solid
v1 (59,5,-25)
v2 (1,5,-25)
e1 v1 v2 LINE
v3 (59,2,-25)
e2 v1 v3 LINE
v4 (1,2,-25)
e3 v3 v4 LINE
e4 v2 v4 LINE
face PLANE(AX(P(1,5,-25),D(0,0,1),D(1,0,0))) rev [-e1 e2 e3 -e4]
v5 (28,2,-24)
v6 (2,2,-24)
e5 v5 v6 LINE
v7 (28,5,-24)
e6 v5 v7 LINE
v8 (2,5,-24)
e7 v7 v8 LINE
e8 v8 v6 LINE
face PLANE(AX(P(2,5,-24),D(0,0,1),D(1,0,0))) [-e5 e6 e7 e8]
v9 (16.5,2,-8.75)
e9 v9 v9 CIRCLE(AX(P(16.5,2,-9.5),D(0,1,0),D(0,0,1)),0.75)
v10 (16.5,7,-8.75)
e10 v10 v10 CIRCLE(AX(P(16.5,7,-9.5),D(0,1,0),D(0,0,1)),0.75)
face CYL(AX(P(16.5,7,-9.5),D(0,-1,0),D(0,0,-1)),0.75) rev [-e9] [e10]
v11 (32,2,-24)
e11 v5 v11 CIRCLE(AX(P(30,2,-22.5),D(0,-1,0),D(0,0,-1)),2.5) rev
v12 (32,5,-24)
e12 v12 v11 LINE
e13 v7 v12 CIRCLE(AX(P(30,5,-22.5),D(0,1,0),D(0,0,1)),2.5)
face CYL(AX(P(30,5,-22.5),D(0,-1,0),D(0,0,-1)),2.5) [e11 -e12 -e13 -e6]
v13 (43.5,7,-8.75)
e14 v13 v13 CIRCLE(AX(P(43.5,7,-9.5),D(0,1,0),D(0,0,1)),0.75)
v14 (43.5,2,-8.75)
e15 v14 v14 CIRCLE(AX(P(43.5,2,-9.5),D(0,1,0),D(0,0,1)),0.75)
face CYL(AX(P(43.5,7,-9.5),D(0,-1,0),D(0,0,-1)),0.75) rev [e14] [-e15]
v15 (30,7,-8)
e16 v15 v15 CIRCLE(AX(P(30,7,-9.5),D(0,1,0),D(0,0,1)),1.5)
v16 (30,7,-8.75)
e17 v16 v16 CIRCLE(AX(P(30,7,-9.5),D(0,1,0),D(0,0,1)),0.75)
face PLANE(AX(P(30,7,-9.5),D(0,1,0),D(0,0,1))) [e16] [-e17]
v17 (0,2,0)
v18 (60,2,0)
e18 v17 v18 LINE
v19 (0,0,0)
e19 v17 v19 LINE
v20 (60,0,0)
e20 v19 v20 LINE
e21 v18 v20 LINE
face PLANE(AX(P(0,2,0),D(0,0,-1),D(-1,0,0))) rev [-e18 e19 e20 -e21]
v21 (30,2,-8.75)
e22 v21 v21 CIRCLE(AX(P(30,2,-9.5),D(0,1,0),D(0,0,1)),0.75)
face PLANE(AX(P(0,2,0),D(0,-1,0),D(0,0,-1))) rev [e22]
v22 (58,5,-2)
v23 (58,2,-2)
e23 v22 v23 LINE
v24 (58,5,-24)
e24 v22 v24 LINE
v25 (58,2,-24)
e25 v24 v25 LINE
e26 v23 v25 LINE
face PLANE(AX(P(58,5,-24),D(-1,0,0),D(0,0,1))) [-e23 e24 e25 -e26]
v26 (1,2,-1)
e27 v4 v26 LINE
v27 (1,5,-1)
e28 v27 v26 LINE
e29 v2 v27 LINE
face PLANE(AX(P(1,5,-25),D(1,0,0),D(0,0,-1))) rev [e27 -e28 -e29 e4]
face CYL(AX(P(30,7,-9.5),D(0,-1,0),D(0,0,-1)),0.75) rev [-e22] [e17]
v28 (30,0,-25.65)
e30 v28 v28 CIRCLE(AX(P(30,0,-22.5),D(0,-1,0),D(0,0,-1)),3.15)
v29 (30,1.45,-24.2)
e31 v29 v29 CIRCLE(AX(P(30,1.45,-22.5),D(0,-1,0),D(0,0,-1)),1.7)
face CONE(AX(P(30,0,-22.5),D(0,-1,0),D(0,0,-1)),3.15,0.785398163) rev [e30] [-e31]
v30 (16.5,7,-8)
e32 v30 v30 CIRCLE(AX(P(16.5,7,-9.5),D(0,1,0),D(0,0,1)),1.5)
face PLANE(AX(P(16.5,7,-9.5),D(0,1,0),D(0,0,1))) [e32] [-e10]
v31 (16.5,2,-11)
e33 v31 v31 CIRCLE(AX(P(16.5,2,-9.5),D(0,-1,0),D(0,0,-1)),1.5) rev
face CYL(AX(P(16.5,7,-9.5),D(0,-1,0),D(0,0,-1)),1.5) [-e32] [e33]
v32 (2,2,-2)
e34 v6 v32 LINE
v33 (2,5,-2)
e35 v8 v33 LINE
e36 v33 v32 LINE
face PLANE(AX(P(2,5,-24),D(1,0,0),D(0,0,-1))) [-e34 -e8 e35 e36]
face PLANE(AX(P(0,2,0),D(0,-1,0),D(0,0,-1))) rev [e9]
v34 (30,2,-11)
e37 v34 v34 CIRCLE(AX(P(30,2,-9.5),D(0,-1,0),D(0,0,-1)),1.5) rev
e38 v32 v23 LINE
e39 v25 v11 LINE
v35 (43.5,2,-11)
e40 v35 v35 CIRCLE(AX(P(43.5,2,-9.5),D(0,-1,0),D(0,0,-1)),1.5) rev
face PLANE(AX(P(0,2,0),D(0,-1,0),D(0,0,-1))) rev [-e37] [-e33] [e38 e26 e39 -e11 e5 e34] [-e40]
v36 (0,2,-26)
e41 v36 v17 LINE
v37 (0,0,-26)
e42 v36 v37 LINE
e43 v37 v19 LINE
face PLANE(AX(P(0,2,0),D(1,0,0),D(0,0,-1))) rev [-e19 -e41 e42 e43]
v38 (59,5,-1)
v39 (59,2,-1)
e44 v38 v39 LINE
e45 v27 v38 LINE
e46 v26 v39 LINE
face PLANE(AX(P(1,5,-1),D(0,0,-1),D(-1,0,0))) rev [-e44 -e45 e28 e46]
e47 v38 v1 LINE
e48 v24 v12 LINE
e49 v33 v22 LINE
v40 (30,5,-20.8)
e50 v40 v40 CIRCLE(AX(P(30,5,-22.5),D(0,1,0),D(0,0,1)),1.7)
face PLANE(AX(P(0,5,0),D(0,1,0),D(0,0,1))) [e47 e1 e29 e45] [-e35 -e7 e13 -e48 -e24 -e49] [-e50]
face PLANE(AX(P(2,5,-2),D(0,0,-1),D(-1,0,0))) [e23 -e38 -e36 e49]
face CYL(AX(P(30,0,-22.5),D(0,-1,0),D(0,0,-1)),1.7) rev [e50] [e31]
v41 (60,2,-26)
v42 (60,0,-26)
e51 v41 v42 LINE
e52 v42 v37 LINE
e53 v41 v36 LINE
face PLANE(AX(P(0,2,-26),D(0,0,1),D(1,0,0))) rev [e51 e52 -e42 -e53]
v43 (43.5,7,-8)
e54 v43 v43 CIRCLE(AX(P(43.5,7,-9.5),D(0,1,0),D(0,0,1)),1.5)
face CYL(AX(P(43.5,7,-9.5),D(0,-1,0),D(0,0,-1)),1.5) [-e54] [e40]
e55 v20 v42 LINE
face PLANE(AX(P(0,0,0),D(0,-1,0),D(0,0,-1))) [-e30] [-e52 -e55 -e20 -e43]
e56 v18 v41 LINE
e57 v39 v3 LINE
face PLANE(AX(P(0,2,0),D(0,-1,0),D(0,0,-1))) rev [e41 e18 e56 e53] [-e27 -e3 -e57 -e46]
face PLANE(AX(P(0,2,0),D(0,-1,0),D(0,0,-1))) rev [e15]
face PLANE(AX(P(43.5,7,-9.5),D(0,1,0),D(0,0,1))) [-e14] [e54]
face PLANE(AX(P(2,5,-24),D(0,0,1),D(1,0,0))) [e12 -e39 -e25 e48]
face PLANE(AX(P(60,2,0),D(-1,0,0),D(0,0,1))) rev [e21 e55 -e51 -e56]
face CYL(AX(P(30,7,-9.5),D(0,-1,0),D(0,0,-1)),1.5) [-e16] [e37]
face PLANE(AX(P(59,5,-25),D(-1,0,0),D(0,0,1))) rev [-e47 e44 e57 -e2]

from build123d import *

# Parameters (mm, degrees)
SKETCH1_W                                       = 60
SKETCH1_H                                       = 26
BOSS_EXTRUDE1_DEPTH                             = 2
SKETCH2_W                                       = 58
SKETCH2_H                                       = 24
SKETCH2_W_2                                     = 56
SKETCH2_H_2                                     = 22
BOSS_EXTRUDE2_DEPTH                             = 3
SKETCH3_R                                       = 1.5
SKETCH3_R_2                                     = 0.75
BOSS_EXTRUDE3_DEPTH                             = 5
SKETCH6_R                                       = 2.5
BOSS_EXTRUDE4_DEPTH                             = 3
CSK_FOR_M3_FLAT_HEAD_MACHINE_SCREW1_D           = 3.4
CSK_FOR_M3_FLAT_HEAD_MACHINE_SCREW1_CSINK_D     = 6.3
CSK_FOR_M3_FLAT_HEAD_MACHINE_SCREW1_CSINK_ANGLE = 90


with BuildPart() as part:
    # Sketch1 → Boss-Extrude1 (new body)
    with BuildSketch(Plane(origin=(0, 0, 0), x_dir=(1, 0, 0), z_dir=(0, 1, 0))):
        with Locations((30, 13)):
            Rectangle(SKETCH1_W, SKETCH1_H)
    extrude(amount=BOSS_EXTRUDE1_DEPTH)

    # Sketch2 → Boss-Extrude2 (add)
    with BuildSketch(Plane(origin=(0, 2, 0), x_dir=(1, 0, 0), z_dir=(0, 1, 0))):
        with Locations((30, 13)):
            Rectangle(SKETCH2_W, SKETCH2_H)
        with Locations((30, 13)):
            Rectangle(SKETCH2_W_2, SKETCH2_H_2, mode=Mode.SUBTRACT)
    extrude(amount=BOSS_EXTRUDE2_DEPTH)

    # Sketch3 → Boss-Extrude3 (add)
    # profile 1 of 3: a face of its own
    with BuildSketch(Plane(origin=(0, 2, 0), x_dir=(1, 0, 0), z_dir=(0, 1, 0))):
        with Locations(Location((16.5, 9.5, 0), (0, 0, 90))):
            Circle(SKETCH3_R)
        with Locations(Location((16.5, 9.5, 0), (0, 0, 270))):
            Circle(SKETCH3_R_2, mode=Mode.SUBTRACT)
    # profile 2 of 3: a face of its own
    with BuildSketch(Plane(origin=(0, 2, 0), x_dir=(1, 0, 0), z_dir=(0, 1, 0))):
        with Locations(Location((30, 9.5, 0), (0, 0, 90))):
            Circle(SKETCH3_R)
        with Locations(Location((30, 9.5, 0), (0, 0, 270))):
            Circle(SKETCH3_R_2, mode=Mode.SUBTRACT)
    # profile 3 of 3: a face of its own
    with BuildSketch(Plane(origin=(0, 2, 0), x_dir=(1, 0, 0), z_dir=(0, 1, 0))):
        with Locations(Location((43.5, 9.5, 0), (0, 0, 90))):
            Circle(SKETCH3_R)
        with Locations(Location((43.5, 9.5, 0), (0, 0, 270))):
            Circle(SKETCH3_R_2, mode=Mode.SUBTRACT)
    extrude(amount=BOSS_EXTRUDE3_DEPTH)

    # Sketch6 → Boss-Extrude4 (add)
    with BuildSketch(Plane(origin=(0, 2, 0), x_dir=(1, 0, 0), z_dir=(0, 1, 0))):
        with Locations((30, 22.5)):
            Circle(SKETCH6_R)
    extrude(amount=BOSS_EXTRUDE4_DEPTH)

    # CSK for M3 Flat Head Machine Screw1 (through all)
    with Locations(Plane(origin=(0, 0, 0), x_dir=(-1, 0, 0), z_dir=(0, -1, 0))):
        with Locations((-30, 22.5)):
            CounterSinkHole(CSK_FOR_M3_FLAT_HEAD_MACHINE_SCREW1_D / 2, CSK_FOR_M3_FLAT_HEAD_MACHINE_SCREW1_CSINK_D / 2, counter_sink_angle=CSK_FOR_M3_FLAT_HEAD_MACHINE_SCREW1_CSINK_ANGLE)


solid = part.part
